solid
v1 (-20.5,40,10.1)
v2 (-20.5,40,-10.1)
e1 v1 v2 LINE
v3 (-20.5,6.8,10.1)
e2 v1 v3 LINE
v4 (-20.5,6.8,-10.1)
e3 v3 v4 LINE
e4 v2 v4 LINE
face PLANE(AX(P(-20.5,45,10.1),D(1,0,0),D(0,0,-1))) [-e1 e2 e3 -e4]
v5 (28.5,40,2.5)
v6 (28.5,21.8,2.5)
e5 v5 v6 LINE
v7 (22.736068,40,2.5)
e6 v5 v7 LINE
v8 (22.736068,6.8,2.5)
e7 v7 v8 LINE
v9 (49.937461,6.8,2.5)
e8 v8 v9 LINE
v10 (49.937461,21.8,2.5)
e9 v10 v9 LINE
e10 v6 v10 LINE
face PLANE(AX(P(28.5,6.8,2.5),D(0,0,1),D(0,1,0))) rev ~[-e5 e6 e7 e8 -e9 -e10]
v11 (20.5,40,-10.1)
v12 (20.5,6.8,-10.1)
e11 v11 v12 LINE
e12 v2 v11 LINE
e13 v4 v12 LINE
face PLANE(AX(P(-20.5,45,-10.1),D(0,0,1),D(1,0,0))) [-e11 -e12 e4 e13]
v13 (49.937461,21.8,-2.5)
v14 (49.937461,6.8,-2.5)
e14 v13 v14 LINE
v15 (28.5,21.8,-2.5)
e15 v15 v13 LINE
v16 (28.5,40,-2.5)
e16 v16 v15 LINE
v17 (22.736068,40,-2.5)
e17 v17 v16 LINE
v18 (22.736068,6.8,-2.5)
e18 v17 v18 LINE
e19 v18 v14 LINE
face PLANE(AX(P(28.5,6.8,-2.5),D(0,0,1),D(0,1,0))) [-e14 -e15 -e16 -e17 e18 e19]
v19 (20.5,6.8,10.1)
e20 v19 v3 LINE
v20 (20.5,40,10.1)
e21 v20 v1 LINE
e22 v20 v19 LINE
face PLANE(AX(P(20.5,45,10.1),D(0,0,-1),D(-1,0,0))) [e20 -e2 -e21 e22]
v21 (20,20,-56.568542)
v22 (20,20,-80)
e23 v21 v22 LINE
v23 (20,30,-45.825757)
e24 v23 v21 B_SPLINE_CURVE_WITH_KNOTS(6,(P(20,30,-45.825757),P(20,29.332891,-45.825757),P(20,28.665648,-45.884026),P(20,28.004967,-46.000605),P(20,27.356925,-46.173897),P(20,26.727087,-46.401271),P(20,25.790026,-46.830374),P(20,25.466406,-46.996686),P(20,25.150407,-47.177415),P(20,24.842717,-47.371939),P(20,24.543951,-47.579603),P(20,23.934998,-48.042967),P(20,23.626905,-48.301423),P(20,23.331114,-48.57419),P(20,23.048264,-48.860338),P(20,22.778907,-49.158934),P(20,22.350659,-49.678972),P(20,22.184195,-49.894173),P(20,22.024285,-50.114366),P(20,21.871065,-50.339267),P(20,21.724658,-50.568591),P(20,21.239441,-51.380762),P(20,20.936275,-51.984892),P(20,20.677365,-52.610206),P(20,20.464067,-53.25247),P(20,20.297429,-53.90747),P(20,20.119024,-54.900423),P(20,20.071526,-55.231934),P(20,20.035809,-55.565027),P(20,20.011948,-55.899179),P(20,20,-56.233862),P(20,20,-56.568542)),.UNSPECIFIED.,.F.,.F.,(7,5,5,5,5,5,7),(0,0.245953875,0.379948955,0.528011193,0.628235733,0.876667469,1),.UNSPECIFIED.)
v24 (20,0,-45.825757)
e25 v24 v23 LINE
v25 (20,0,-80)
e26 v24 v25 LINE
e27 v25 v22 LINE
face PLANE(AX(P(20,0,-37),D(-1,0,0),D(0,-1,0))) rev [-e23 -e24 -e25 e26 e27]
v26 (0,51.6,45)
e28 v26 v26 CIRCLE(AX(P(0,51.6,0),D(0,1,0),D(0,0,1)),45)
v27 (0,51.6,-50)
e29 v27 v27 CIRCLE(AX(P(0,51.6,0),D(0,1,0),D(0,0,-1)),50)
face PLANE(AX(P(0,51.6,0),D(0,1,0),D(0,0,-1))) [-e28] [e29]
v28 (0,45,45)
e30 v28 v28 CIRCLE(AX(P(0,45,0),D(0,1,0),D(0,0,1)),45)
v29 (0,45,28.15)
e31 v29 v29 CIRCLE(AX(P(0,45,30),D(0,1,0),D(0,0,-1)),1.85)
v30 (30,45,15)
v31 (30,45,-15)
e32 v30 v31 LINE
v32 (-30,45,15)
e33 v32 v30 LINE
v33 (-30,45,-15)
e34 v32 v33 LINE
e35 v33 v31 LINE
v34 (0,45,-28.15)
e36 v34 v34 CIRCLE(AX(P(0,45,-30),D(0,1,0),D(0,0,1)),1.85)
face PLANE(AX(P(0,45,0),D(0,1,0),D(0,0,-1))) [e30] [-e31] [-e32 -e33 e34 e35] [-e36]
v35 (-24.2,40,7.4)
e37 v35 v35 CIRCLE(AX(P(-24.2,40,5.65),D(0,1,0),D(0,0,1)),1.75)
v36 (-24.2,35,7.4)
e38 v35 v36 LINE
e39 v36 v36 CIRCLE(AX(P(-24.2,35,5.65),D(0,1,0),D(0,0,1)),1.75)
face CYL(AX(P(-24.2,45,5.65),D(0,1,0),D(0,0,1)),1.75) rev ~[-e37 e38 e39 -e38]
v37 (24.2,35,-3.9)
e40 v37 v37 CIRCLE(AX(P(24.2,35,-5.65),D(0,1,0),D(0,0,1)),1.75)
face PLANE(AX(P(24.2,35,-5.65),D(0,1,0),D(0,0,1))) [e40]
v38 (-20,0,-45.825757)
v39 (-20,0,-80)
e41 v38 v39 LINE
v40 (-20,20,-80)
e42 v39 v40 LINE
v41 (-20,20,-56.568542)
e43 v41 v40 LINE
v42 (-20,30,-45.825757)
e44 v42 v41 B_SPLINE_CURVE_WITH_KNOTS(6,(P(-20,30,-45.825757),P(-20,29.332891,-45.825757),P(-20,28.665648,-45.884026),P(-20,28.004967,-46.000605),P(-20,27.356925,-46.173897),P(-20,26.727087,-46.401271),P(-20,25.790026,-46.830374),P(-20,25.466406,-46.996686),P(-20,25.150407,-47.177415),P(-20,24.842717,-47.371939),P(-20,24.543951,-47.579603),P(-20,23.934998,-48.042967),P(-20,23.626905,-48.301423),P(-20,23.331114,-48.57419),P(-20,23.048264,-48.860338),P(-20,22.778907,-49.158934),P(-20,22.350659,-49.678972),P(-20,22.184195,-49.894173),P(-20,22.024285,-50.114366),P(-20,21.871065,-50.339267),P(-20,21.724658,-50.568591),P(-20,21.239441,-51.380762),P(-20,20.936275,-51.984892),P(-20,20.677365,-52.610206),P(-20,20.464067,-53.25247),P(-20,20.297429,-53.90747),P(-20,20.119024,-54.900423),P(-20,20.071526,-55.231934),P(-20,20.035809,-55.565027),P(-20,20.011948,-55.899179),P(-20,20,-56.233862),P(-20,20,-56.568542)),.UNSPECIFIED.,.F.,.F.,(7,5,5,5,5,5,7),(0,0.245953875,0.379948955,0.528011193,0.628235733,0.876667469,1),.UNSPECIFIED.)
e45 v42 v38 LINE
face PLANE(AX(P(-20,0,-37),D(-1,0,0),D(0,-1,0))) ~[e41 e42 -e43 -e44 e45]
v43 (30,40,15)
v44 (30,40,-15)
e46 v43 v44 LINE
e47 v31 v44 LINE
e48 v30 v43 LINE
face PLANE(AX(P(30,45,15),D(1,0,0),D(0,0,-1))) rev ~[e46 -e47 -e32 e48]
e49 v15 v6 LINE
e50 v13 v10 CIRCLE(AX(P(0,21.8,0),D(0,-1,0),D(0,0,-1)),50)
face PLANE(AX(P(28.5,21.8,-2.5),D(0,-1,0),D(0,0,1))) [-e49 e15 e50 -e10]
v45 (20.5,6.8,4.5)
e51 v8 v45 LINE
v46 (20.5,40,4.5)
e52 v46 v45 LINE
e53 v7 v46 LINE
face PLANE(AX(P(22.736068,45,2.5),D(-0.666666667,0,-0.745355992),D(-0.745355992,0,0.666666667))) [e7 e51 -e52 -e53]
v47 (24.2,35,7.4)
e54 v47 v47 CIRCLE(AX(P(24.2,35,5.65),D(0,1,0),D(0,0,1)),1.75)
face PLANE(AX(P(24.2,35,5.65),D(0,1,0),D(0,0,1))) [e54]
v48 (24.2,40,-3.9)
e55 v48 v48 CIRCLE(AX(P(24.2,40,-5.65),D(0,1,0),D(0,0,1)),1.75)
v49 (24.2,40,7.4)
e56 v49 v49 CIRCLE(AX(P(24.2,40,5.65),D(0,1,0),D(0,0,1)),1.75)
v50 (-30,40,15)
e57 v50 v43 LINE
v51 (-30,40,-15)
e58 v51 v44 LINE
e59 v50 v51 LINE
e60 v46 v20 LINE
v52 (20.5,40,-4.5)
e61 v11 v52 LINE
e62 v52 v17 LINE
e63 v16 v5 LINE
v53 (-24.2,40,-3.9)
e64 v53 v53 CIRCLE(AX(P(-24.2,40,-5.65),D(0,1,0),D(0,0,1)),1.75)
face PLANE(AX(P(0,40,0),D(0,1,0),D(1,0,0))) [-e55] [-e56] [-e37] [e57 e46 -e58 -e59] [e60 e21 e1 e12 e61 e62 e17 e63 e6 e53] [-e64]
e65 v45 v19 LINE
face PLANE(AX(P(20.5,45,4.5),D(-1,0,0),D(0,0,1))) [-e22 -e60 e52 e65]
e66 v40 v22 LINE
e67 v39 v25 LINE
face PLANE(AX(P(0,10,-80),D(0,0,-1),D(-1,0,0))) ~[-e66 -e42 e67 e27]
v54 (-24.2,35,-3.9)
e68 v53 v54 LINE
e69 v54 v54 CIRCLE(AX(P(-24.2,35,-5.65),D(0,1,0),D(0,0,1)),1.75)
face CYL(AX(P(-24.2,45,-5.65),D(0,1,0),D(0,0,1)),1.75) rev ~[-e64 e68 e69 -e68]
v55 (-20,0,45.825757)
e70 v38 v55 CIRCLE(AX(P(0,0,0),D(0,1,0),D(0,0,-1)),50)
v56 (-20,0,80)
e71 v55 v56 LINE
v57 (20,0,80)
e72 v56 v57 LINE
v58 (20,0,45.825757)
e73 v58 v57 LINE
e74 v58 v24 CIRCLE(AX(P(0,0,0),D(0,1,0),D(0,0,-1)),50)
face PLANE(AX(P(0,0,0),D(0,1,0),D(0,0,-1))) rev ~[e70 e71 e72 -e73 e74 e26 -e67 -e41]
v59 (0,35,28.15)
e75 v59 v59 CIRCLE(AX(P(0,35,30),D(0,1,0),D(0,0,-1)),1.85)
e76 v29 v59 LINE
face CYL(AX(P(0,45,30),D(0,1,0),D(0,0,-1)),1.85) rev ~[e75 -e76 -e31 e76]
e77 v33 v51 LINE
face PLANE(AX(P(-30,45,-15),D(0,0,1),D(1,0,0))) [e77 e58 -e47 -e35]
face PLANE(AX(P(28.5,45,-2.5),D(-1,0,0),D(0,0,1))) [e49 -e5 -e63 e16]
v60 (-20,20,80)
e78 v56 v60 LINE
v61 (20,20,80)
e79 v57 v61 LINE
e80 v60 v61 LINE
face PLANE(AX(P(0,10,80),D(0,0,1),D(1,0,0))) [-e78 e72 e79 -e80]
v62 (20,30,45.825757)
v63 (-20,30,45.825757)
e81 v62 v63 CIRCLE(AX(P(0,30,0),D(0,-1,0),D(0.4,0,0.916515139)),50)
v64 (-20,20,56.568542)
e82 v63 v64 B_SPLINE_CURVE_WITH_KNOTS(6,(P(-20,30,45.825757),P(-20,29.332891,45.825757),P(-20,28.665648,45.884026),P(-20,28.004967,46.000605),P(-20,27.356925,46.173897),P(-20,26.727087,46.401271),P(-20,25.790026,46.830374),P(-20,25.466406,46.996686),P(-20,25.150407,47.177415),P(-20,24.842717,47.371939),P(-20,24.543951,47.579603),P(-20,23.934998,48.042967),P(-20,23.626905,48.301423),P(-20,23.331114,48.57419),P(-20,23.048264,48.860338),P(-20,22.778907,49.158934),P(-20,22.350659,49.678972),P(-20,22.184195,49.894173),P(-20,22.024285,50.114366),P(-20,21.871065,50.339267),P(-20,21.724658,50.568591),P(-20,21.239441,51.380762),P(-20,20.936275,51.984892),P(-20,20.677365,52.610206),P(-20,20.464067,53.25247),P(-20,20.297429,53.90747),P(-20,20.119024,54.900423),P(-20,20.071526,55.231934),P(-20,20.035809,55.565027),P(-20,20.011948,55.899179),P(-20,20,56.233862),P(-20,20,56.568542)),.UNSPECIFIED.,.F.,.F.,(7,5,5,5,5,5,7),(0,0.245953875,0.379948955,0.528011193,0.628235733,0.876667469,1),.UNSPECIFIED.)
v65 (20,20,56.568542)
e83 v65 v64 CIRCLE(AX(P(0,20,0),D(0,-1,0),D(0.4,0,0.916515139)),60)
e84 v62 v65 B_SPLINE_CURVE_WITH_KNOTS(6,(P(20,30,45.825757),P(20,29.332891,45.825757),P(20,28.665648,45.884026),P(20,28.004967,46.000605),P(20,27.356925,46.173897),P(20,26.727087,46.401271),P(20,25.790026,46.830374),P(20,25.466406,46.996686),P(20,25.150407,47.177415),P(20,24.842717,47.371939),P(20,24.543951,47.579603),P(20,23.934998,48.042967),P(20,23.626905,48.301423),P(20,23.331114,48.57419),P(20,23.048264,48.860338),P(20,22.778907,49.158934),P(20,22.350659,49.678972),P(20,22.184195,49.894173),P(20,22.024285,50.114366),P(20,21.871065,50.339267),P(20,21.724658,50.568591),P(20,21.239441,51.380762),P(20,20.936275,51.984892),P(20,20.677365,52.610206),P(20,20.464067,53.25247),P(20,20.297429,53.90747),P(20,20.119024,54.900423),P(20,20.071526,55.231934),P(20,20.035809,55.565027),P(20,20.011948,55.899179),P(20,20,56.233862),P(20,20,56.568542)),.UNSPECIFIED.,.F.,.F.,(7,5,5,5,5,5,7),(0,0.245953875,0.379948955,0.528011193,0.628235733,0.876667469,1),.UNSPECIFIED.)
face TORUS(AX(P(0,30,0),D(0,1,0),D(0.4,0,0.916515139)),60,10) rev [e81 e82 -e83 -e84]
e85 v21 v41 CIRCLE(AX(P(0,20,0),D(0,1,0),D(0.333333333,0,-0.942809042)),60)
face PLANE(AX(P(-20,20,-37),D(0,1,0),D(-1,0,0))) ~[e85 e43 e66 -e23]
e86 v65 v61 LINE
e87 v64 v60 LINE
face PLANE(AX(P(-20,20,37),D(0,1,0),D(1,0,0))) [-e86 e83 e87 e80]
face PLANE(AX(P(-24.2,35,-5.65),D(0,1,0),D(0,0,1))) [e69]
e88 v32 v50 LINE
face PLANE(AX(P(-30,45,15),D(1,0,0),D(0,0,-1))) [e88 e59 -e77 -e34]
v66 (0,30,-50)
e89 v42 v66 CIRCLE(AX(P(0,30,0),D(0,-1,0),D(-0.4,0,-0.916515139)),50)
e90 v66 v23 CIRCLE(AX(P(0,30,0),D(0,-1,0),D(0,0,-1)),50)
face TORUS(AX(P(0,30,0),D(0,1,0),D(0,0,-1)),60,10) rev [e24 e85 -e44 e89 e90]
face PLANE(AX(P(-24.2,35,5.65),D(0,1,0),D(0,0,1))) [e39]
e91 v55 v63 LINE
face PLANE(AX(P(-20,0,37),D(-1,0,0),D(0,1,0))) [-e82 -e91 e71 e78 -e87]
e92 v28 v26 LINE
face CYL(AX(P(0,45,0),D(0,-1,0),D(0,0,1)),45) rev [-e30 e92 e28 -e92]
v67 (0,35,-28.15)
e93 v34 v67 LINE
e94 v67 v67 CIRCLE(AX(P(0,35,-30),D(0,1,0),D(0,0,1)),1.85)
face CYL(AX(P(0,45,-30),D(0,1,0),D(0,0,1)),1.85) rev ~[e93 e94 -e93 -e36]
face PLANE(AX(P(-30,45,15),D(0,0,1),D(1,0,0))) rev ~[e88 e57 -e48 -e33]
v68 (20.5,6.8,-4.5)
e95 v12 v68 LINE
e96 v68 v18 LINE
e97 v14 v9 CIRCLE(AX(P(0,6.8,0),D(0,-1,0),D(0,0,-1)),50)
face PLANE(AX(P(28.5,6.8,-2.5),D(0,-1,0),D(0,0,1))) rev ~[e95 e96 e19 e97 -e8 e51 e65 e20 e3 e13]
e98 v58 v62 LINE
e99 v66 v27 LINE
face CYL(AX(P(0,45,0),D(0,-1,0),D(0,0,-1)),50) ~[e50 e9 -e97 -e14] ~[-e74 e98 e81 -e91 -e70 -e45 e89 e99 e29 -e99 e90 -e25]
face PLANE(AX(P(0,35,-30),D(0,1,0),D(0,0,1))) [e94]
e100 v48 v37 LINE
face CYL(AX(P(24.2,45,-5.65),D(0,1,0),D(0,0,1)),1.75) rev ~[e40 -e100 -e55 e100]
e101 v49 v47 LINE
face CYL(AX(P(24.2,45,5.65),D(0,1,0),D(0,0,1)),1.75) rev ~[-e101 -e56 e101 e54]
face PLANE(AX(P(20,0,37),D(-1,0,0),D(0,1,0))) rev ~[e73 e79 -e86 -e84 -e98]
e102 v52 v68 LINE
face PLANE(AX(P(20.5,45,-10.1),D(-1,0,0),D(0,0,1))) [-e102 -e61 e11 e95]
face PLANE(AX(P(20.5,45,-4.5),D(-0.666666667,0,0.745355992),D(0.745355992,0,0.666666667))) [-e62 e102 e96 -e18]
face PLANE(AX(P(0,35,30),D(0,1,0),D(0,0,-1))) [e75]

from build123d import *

# Parameters (mm, degrees)
ESQUISSE1_R             = 50
BOSS_EXTRU_1_DEPTH      = 45
ESQUISSE2_W             = 60
ESQUISSE2_H             = 30
ENL_V_MAT_EXTRU_2_DEPTH = 5
ENL_V_MAT_EXTRU_4_DEPTH = 38.2
ESQUISSE2_4_R           = 50
ESQUISSE2_4_R_2         = 45
BOSS_EXTRU_2_DEPTH      = 6.6
ESQUISSE2_5_R           = 1.75
ENL_V_MAT_EXTRU_5_DEPTH = 10
ESQUISSE3_R             = 1.85
ENL_V_MAT_EXTRU_6_DEPTH = 10
BOSS_EXTRU_3_START      = -13
ESQUISSE4_W             = 40
ESQUISSE4_H             = 20
BOSS_EXTRU_3_DEPTH      = 43
CONG_1_R                = 10
ESQUISSE5_W             = 5
ESQUISSE5_H             = 15
ENL_V_MAT_EXTRU_7_DEPTH = 124.388856936


with BuildPart() as part:
    # Esquisse1 → Boss.-Extru.1 (new body)
    with BuildSketch(Plane(origin=(0, 0, 0), x_dir=(1, 0, 0), z_dir=(0, 1, 0))):
        Circle(ESQUISSE1_R)
    extrude(amount=BOSS_EXTRU_1_DEPTH)

    # Esquisse2 → Enlèv. mat.-Extru.2 (cut)
    with BuildSketch(Plane(origin=(0, 45, 0), x_dir=(1, 0, 0), z_dir=(0, 1, 0))):
        Rectangle(ESQUISSE2_W, ESQUISSE2_H)
    extrude(amount=-ENL_V_MAT_EXTRU_2_DEPTH, mode=Mode.SUBTRACT)

    # Esquisse2<3> → Enlèv. mat.-Extru.4 (cut)
    with BuildSketch(Plane(origin=(0, 45, 0), x_dir=(1, 0, 0), z_dir=(0, 1, 0))):
        Polygon((-20.5, 10.1), (20.5, 10.1), (20.5, 4.5), (22.736067977, 2.5), (28.5, 2.5), (28.5, -2.5), (22.736067977, -2.5), (20.5, -4.5), (20.5, -10.1), (-20.5, -10.1), align=None)
    extrude(amount=-ENL_V_MAT_EXTRU_4_DEPTH, mode=Mode.SUBTRACT)

    # Esquisse2<4> → Boss.-Extru.2 (add)
    with BuildSketch(Plane(origin=(0, 45, 0), x_dir=(1, 0, 0), z_dir=(0, 1, 0))):
        Circle(ESQUISSE2_4_R)
        Circle(ESQUISSE2_4_R_2, mode=Mode.SUBTRACT)
    extrude(amount=BOSS_EXTRU_2_DEPTH)

    # Esquisse2<5> → Enlèv. mat.-Extru.5 (cut)
    with BuildSketch(Plane(origin=(0, 45, 0), x_dir=(1, 0, 0), z_dir=(0, 1, 0))):
        with Locations((-24.2, 5.65)):
            Circle(ESQUISSE2_5_R)
        with Locations((-24.2, -5.65)):
            Circle(ESQUISSE2_5_R)
        with Locations((24.2, -5.65)):
            Circle(ESQUISSE2_5_R)
        with Locations((24.2, 5.65)):
            Circle(ESQUISSE2_5_R)
    extrude(amount=-ENL_V_MAT_EXTRU_5_DEPTH, mode=Mode.SUBTRACT)

    # Esquisse3 → Enlèv. mat.-Extru.6 (cut)
    with BuildSketch(Plane(origin=(0, 45, 0), x_dir=(1, 0, 0), z_dir=(0, 1, 0))):
        with Locations((0, 30)):
            Circle(ESQUISSE3_R)
        with Locations((0, -30)):
            Circle(ESQUISSE3_R)
    extrude(amount=-ENL_V_MAT_EXTRU_6_DEPTH, mode=Mode.SUBTRACT)

    # Esquisse4 → Boss.-Extru.3 (add)
    with BuildSketch(Plane.XY.offset(50).offset(BOSS_EXTRU_3_START)):
        with Locations((0, 10)):
            Rectangle(ESQUISSE4_W, ESQUISSE4_H)
    boss_extru_3 = extrude(amount=BOSS_EXTRU_3_DEPTH)

    # Symétrie1: Boss.-Extru.3 across plane
    add(boss_extru_3.mirror(Plane.XY))

    # Congé1
    cong_1_edges = [part.edges().sort_by_distance(p)[0] for p in [
        (0, 20, 50),
        (0, 20, -50),
    ]]
    fillet(cong_1_edges, radius=CONG_1_R)

    # Esquisse5 → Enlèv. mat.-Extru.7 (cut, through all)
    with BuildSketch(Plane.ZY.offset(-28.5)):
        with Locations((0, 14.3)):
            Rectangle(ESQUISSE5_W, ESQUISSE5_H)
    extrude(amount=-ENL_V_MAT_EXTRU_7_DEPTH, mode=Mode.SUBTRACT)


solid = part.part
